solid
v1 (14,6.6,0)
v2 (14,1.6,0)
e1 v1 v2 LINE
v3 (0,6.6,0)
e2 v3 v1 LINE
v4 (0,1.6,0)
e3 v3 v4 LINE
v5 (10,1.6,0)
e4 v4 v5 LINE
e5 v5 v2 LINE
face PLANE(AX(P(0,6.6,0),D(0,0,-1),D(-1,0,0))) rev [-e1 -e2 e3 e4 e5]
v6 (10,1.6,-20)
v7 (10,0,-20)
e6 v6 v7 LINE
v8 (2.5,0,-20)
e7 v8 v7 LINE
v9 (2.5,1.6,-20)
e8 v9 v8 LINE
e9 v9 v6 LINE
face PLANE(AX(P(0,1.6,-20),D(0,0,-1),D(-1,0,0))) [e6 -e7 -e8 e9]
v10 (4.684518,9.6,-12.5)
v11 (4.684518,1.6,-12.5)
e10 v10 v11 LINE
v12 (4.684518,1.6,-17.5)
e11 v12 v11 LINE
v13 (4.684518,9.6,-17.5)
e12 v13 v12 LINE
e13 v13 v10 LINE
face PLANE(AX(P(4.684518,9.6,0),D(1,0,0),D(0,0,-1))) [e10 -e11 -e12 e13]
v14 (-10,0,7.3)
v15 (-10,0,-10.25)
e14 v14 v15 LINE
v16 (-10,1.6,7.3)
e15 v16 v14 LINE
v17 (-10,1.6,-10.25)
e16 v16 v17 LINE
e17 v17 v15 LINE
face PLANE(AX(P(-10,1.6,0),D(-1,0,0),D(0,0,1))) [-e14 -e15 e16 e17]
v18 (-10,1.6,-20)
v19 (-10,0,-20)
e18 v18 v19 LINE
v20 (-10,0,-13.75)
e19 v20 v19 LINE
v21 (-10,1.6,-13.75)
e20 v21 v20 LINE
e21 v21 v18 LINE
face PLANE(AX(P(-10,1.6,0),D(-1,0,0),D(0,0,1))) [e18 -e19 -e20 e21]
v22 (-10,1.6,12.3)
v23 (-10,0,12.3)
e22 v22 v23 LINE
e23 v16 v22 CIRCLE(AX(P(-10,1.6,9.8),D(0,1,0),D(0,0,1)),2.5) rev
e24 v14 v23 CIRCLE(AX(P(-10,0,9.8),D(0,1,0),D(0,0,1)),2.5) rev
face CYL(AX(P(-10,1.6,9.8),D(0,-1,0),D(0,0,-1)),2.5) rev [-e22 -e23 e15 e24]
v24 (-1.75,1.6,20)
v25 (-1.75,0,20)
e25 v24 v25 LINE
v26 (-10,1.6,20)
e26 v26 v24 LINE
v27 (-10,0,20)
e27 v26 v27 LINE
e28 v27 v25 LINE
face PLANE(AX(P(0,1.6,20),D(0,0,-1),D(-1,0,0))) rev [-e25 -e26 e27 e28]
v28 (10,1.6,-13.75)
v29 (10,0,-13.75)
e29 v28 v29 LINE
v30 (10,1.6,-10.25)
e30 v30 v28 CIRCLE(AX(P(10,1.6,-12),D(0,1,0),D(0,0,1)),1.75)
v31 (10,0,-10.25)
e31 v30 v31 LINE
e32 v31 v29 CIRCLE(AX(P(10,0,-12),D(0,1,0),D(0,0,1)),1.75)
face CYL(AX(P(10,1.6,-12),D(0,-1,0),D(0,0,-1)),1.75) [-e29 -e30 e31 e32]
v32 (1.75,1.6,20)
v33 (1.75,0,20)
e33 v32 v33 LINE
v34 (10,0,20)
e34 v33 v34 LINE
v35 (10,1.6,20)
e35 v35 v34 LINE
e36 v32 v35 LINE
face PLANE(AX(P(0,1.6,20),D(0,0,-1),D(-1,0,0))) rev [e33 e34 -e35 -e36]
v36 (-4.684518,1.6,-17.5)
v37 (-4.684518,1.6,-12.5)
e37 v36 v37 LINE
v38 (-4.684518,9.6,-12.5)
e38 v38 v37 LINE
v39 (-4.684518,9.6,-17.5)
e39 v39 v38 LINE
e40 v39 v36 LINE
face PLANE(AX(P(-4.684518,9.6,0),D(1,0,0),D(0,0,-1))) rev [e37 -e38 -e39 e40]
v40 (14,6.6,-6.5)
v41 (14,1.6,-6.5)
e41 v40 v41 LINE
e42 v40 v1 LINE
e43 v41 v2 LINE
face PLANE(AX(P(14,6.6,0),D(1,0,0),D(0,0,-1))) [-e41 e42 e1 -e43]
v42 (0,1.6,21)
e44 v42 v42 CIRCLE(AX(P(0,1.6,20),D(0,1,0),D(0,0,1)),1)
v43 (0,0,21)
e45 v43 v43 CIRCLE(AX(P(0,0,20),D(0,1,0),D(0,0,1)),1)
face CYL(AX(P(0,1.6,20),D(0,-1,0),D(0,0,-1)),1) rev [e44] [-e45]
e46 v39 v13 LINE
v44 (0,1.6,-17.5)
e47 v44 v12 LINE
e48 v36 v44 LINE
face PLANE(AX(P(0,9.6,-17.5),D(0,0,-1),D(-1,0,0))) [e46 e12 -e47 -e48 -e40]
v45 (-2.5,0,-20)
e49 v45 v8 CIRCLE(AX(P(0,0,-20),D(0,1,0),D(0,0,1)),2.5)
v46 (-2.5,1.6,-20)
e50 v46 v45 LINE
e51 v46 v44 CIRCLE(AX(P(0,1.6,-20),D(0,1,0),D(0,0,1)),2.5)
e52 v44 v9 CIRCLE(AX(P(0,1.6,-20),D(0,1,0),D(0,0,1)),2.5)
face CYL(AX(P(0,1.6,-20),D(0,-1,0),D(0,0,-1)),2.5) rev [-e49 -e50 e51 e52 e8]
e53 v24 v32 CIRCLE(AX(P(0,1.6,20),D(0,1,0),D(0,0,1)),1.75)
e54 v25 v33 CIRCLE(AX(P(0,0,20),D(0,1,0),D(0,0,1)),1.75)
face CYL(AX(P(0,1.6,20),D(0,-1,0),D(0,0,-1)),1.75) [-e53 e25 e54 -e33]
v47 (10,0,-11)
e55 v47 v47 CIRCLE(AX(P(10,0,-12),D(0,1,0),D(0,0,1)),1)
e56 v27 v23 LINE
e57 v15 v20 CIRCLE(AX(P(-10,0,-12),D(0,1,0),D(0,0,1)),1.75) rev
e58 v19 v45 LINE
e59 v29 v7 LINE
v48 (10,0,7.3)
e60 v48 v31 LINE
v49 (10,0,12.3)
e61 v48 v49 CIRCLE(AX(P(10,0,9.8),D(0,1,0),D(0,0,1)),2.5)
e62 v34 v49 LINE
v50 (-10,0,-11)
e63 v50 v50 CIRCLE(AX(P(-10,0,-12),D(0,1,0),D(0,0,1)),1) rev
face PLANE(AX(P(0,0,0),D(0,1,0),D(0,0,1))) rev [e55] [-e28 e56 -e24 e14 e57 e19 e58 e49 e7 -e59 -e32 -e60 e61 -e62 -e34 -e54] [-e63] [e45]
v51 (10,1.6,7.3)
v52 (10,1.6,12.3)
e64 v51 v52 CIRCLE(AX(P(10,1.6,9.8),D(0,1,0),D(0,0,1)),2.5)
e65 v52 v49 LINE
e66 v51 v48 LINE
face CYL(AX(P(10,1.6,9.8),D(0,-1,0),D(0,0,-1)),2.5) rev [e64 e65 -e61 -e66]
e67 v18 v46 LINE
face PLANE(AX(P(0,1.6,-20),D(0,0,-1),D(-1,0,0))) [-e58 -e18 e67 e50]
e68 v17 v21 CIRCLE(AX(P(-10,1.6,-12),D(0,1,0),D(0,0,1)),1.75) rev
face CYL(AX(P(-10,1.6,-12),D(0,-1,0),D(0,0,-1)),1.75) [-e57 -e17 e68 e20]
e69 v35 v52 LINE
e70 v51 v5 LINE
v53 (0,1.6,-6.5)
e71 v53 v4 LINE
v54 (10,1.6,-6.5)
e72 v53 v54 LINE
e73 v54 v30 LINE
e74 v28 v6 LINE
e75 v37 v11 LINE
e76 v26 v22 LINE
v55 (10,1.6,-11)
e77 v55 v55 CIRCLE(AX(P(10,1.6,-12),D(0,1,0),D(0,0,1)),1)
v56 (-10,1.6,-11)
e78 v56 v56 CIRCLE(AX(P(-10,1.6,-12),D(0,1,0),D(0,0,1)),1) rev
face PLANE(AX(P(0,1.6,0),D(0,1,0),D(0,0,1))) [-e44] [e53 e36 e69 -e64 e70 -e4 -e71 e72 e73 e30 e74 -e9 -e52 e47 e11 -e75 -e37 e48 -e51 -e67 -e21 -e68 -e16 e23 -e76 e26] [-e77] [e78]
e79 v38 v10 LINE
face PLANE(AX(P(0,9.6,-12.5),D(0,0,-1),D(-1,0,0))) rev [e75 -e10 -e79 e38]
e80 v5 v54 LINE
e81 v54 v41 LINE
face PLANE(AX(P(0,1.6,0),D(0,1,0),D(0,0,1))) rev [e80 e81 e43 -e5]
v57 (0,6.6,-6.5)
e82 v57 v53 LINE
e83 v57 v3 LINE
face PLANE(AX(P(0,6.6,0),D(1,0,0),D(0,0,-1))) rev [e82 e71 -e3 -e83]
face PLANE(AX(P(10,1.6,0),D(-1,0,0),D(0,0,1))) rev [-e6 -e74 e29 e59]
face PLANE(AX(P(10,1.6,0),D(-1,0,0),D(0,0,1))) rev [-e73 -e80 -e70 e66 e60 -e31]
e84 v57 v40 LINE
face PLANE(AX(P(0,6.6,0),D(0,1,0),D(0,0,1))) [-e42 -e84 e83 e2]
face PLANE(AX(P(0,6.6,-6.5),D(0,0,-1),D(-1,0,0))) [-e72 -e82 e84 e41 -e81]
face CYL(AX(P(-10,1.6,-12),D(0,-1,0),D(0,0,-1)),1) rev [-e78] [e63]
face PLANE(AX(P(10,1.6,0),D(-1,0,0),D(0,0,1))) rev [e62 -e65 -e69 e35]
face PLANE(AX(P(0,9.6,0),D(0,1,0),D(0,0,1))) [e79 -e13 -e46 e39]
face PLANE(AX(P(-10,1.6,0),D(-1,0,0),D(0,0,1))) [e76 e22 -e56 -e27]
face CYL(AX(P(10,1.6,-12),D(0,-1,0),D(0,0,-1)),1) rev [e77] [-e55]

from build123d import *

# Parameters (mm, degrees)
SKETCH1_R                 = 1
PCB_DEPTH                 = 1.6
SKETCH2_W                 = 14
SKETCH2_H                 = 6.5
ELECTRODE_CONNECTOR_DEPTH = 5
SKETCH2_3_W               = 9.369035826
SKETCH2_3_H               = 5
CONTROL_CONNECTOR_DEPTH   = 8


with BuildPart() as part:
    # Sketch1 → PCB (new body)
    with BuildSketch(Plane(origin=(0, 0, 0), x_dir=(1, 0, 0), z_dir=(0, 1, 0))):
        with BuildLine():
            ThreePointArc((-1.75, -20), (0, -21.75), (1.75, -20))
            Line((1.75, -20), (10, -20))
            Line((10, -20), (10, -12.3))
            ThreePointArc((10, -12.3), (7.5, -9.8), (10, -7.3))
            Line((10, -7.3), (10, 10.25))
            ThreePointArc((10, 10.25), (11.75, 12), (10, 13.75))
            Line((10, 13.75), (10, 20))
            Line((10, 20), (2.5, 20))
            ThreePointArc((2.5, 20), (0, 17.5), (-2.5, 20))
            Line((-2.5, 20), (-10, 20))
            Line((-10, 20), (-10, 13.75))
            ThreePointArc((-10, 13.75), (-11.75, 12), (-10, 10.25))
            Line((-10, 10.25), (-10, -7.3))
            ThreePointArc((-10, -7.3), (-7.5, -9.8), (-10, -12.3))
            Line((-10, -12.3), (-10, -20))
            Line((-10, -20), (-1.75, -20))
        make_face()
        with Locations((0, -20)):
            Circle(SKETCH1_R, mode=Mode.SUBTRACT)
        with Locations((-10, 12)):
            Circle(SKETCH1_R, mode=Mode.SUBTRACT)
        with Locations((10, 12)):
            Circle(SKETCH1_R, mode=Mode.SUBTRACT)
    extrude(amount=PCB_DEPTH)

    # Sketch2 → Electrode_connector (add)
    with BuildSketch(Plane(origin=(0, 1.6, 0), x_dir=(1, 0, 0), z_dir=(0, 1, 0))):
        with Locations((7, 3.25)):
            Rectangle(SKETCH2_W, SKETCH2_H)
    extrude(amount=ELECTRODE_CONNECTOR_DEPTH)

    # Sketch2<3> → Control_connector (add)
    with BuildSketch(Plane(origin=(0, 1.6, 0), x_dir=(1, 0, 0), z_dir=(0, 1, 0))):
        with Locations((0, 15)):
            Rectangle(SKETCH2_3_W, SKETCH2_3_H)
    extrude(amount=CONTROL_CONNECTOR_DEPTH)


solid = part.part
